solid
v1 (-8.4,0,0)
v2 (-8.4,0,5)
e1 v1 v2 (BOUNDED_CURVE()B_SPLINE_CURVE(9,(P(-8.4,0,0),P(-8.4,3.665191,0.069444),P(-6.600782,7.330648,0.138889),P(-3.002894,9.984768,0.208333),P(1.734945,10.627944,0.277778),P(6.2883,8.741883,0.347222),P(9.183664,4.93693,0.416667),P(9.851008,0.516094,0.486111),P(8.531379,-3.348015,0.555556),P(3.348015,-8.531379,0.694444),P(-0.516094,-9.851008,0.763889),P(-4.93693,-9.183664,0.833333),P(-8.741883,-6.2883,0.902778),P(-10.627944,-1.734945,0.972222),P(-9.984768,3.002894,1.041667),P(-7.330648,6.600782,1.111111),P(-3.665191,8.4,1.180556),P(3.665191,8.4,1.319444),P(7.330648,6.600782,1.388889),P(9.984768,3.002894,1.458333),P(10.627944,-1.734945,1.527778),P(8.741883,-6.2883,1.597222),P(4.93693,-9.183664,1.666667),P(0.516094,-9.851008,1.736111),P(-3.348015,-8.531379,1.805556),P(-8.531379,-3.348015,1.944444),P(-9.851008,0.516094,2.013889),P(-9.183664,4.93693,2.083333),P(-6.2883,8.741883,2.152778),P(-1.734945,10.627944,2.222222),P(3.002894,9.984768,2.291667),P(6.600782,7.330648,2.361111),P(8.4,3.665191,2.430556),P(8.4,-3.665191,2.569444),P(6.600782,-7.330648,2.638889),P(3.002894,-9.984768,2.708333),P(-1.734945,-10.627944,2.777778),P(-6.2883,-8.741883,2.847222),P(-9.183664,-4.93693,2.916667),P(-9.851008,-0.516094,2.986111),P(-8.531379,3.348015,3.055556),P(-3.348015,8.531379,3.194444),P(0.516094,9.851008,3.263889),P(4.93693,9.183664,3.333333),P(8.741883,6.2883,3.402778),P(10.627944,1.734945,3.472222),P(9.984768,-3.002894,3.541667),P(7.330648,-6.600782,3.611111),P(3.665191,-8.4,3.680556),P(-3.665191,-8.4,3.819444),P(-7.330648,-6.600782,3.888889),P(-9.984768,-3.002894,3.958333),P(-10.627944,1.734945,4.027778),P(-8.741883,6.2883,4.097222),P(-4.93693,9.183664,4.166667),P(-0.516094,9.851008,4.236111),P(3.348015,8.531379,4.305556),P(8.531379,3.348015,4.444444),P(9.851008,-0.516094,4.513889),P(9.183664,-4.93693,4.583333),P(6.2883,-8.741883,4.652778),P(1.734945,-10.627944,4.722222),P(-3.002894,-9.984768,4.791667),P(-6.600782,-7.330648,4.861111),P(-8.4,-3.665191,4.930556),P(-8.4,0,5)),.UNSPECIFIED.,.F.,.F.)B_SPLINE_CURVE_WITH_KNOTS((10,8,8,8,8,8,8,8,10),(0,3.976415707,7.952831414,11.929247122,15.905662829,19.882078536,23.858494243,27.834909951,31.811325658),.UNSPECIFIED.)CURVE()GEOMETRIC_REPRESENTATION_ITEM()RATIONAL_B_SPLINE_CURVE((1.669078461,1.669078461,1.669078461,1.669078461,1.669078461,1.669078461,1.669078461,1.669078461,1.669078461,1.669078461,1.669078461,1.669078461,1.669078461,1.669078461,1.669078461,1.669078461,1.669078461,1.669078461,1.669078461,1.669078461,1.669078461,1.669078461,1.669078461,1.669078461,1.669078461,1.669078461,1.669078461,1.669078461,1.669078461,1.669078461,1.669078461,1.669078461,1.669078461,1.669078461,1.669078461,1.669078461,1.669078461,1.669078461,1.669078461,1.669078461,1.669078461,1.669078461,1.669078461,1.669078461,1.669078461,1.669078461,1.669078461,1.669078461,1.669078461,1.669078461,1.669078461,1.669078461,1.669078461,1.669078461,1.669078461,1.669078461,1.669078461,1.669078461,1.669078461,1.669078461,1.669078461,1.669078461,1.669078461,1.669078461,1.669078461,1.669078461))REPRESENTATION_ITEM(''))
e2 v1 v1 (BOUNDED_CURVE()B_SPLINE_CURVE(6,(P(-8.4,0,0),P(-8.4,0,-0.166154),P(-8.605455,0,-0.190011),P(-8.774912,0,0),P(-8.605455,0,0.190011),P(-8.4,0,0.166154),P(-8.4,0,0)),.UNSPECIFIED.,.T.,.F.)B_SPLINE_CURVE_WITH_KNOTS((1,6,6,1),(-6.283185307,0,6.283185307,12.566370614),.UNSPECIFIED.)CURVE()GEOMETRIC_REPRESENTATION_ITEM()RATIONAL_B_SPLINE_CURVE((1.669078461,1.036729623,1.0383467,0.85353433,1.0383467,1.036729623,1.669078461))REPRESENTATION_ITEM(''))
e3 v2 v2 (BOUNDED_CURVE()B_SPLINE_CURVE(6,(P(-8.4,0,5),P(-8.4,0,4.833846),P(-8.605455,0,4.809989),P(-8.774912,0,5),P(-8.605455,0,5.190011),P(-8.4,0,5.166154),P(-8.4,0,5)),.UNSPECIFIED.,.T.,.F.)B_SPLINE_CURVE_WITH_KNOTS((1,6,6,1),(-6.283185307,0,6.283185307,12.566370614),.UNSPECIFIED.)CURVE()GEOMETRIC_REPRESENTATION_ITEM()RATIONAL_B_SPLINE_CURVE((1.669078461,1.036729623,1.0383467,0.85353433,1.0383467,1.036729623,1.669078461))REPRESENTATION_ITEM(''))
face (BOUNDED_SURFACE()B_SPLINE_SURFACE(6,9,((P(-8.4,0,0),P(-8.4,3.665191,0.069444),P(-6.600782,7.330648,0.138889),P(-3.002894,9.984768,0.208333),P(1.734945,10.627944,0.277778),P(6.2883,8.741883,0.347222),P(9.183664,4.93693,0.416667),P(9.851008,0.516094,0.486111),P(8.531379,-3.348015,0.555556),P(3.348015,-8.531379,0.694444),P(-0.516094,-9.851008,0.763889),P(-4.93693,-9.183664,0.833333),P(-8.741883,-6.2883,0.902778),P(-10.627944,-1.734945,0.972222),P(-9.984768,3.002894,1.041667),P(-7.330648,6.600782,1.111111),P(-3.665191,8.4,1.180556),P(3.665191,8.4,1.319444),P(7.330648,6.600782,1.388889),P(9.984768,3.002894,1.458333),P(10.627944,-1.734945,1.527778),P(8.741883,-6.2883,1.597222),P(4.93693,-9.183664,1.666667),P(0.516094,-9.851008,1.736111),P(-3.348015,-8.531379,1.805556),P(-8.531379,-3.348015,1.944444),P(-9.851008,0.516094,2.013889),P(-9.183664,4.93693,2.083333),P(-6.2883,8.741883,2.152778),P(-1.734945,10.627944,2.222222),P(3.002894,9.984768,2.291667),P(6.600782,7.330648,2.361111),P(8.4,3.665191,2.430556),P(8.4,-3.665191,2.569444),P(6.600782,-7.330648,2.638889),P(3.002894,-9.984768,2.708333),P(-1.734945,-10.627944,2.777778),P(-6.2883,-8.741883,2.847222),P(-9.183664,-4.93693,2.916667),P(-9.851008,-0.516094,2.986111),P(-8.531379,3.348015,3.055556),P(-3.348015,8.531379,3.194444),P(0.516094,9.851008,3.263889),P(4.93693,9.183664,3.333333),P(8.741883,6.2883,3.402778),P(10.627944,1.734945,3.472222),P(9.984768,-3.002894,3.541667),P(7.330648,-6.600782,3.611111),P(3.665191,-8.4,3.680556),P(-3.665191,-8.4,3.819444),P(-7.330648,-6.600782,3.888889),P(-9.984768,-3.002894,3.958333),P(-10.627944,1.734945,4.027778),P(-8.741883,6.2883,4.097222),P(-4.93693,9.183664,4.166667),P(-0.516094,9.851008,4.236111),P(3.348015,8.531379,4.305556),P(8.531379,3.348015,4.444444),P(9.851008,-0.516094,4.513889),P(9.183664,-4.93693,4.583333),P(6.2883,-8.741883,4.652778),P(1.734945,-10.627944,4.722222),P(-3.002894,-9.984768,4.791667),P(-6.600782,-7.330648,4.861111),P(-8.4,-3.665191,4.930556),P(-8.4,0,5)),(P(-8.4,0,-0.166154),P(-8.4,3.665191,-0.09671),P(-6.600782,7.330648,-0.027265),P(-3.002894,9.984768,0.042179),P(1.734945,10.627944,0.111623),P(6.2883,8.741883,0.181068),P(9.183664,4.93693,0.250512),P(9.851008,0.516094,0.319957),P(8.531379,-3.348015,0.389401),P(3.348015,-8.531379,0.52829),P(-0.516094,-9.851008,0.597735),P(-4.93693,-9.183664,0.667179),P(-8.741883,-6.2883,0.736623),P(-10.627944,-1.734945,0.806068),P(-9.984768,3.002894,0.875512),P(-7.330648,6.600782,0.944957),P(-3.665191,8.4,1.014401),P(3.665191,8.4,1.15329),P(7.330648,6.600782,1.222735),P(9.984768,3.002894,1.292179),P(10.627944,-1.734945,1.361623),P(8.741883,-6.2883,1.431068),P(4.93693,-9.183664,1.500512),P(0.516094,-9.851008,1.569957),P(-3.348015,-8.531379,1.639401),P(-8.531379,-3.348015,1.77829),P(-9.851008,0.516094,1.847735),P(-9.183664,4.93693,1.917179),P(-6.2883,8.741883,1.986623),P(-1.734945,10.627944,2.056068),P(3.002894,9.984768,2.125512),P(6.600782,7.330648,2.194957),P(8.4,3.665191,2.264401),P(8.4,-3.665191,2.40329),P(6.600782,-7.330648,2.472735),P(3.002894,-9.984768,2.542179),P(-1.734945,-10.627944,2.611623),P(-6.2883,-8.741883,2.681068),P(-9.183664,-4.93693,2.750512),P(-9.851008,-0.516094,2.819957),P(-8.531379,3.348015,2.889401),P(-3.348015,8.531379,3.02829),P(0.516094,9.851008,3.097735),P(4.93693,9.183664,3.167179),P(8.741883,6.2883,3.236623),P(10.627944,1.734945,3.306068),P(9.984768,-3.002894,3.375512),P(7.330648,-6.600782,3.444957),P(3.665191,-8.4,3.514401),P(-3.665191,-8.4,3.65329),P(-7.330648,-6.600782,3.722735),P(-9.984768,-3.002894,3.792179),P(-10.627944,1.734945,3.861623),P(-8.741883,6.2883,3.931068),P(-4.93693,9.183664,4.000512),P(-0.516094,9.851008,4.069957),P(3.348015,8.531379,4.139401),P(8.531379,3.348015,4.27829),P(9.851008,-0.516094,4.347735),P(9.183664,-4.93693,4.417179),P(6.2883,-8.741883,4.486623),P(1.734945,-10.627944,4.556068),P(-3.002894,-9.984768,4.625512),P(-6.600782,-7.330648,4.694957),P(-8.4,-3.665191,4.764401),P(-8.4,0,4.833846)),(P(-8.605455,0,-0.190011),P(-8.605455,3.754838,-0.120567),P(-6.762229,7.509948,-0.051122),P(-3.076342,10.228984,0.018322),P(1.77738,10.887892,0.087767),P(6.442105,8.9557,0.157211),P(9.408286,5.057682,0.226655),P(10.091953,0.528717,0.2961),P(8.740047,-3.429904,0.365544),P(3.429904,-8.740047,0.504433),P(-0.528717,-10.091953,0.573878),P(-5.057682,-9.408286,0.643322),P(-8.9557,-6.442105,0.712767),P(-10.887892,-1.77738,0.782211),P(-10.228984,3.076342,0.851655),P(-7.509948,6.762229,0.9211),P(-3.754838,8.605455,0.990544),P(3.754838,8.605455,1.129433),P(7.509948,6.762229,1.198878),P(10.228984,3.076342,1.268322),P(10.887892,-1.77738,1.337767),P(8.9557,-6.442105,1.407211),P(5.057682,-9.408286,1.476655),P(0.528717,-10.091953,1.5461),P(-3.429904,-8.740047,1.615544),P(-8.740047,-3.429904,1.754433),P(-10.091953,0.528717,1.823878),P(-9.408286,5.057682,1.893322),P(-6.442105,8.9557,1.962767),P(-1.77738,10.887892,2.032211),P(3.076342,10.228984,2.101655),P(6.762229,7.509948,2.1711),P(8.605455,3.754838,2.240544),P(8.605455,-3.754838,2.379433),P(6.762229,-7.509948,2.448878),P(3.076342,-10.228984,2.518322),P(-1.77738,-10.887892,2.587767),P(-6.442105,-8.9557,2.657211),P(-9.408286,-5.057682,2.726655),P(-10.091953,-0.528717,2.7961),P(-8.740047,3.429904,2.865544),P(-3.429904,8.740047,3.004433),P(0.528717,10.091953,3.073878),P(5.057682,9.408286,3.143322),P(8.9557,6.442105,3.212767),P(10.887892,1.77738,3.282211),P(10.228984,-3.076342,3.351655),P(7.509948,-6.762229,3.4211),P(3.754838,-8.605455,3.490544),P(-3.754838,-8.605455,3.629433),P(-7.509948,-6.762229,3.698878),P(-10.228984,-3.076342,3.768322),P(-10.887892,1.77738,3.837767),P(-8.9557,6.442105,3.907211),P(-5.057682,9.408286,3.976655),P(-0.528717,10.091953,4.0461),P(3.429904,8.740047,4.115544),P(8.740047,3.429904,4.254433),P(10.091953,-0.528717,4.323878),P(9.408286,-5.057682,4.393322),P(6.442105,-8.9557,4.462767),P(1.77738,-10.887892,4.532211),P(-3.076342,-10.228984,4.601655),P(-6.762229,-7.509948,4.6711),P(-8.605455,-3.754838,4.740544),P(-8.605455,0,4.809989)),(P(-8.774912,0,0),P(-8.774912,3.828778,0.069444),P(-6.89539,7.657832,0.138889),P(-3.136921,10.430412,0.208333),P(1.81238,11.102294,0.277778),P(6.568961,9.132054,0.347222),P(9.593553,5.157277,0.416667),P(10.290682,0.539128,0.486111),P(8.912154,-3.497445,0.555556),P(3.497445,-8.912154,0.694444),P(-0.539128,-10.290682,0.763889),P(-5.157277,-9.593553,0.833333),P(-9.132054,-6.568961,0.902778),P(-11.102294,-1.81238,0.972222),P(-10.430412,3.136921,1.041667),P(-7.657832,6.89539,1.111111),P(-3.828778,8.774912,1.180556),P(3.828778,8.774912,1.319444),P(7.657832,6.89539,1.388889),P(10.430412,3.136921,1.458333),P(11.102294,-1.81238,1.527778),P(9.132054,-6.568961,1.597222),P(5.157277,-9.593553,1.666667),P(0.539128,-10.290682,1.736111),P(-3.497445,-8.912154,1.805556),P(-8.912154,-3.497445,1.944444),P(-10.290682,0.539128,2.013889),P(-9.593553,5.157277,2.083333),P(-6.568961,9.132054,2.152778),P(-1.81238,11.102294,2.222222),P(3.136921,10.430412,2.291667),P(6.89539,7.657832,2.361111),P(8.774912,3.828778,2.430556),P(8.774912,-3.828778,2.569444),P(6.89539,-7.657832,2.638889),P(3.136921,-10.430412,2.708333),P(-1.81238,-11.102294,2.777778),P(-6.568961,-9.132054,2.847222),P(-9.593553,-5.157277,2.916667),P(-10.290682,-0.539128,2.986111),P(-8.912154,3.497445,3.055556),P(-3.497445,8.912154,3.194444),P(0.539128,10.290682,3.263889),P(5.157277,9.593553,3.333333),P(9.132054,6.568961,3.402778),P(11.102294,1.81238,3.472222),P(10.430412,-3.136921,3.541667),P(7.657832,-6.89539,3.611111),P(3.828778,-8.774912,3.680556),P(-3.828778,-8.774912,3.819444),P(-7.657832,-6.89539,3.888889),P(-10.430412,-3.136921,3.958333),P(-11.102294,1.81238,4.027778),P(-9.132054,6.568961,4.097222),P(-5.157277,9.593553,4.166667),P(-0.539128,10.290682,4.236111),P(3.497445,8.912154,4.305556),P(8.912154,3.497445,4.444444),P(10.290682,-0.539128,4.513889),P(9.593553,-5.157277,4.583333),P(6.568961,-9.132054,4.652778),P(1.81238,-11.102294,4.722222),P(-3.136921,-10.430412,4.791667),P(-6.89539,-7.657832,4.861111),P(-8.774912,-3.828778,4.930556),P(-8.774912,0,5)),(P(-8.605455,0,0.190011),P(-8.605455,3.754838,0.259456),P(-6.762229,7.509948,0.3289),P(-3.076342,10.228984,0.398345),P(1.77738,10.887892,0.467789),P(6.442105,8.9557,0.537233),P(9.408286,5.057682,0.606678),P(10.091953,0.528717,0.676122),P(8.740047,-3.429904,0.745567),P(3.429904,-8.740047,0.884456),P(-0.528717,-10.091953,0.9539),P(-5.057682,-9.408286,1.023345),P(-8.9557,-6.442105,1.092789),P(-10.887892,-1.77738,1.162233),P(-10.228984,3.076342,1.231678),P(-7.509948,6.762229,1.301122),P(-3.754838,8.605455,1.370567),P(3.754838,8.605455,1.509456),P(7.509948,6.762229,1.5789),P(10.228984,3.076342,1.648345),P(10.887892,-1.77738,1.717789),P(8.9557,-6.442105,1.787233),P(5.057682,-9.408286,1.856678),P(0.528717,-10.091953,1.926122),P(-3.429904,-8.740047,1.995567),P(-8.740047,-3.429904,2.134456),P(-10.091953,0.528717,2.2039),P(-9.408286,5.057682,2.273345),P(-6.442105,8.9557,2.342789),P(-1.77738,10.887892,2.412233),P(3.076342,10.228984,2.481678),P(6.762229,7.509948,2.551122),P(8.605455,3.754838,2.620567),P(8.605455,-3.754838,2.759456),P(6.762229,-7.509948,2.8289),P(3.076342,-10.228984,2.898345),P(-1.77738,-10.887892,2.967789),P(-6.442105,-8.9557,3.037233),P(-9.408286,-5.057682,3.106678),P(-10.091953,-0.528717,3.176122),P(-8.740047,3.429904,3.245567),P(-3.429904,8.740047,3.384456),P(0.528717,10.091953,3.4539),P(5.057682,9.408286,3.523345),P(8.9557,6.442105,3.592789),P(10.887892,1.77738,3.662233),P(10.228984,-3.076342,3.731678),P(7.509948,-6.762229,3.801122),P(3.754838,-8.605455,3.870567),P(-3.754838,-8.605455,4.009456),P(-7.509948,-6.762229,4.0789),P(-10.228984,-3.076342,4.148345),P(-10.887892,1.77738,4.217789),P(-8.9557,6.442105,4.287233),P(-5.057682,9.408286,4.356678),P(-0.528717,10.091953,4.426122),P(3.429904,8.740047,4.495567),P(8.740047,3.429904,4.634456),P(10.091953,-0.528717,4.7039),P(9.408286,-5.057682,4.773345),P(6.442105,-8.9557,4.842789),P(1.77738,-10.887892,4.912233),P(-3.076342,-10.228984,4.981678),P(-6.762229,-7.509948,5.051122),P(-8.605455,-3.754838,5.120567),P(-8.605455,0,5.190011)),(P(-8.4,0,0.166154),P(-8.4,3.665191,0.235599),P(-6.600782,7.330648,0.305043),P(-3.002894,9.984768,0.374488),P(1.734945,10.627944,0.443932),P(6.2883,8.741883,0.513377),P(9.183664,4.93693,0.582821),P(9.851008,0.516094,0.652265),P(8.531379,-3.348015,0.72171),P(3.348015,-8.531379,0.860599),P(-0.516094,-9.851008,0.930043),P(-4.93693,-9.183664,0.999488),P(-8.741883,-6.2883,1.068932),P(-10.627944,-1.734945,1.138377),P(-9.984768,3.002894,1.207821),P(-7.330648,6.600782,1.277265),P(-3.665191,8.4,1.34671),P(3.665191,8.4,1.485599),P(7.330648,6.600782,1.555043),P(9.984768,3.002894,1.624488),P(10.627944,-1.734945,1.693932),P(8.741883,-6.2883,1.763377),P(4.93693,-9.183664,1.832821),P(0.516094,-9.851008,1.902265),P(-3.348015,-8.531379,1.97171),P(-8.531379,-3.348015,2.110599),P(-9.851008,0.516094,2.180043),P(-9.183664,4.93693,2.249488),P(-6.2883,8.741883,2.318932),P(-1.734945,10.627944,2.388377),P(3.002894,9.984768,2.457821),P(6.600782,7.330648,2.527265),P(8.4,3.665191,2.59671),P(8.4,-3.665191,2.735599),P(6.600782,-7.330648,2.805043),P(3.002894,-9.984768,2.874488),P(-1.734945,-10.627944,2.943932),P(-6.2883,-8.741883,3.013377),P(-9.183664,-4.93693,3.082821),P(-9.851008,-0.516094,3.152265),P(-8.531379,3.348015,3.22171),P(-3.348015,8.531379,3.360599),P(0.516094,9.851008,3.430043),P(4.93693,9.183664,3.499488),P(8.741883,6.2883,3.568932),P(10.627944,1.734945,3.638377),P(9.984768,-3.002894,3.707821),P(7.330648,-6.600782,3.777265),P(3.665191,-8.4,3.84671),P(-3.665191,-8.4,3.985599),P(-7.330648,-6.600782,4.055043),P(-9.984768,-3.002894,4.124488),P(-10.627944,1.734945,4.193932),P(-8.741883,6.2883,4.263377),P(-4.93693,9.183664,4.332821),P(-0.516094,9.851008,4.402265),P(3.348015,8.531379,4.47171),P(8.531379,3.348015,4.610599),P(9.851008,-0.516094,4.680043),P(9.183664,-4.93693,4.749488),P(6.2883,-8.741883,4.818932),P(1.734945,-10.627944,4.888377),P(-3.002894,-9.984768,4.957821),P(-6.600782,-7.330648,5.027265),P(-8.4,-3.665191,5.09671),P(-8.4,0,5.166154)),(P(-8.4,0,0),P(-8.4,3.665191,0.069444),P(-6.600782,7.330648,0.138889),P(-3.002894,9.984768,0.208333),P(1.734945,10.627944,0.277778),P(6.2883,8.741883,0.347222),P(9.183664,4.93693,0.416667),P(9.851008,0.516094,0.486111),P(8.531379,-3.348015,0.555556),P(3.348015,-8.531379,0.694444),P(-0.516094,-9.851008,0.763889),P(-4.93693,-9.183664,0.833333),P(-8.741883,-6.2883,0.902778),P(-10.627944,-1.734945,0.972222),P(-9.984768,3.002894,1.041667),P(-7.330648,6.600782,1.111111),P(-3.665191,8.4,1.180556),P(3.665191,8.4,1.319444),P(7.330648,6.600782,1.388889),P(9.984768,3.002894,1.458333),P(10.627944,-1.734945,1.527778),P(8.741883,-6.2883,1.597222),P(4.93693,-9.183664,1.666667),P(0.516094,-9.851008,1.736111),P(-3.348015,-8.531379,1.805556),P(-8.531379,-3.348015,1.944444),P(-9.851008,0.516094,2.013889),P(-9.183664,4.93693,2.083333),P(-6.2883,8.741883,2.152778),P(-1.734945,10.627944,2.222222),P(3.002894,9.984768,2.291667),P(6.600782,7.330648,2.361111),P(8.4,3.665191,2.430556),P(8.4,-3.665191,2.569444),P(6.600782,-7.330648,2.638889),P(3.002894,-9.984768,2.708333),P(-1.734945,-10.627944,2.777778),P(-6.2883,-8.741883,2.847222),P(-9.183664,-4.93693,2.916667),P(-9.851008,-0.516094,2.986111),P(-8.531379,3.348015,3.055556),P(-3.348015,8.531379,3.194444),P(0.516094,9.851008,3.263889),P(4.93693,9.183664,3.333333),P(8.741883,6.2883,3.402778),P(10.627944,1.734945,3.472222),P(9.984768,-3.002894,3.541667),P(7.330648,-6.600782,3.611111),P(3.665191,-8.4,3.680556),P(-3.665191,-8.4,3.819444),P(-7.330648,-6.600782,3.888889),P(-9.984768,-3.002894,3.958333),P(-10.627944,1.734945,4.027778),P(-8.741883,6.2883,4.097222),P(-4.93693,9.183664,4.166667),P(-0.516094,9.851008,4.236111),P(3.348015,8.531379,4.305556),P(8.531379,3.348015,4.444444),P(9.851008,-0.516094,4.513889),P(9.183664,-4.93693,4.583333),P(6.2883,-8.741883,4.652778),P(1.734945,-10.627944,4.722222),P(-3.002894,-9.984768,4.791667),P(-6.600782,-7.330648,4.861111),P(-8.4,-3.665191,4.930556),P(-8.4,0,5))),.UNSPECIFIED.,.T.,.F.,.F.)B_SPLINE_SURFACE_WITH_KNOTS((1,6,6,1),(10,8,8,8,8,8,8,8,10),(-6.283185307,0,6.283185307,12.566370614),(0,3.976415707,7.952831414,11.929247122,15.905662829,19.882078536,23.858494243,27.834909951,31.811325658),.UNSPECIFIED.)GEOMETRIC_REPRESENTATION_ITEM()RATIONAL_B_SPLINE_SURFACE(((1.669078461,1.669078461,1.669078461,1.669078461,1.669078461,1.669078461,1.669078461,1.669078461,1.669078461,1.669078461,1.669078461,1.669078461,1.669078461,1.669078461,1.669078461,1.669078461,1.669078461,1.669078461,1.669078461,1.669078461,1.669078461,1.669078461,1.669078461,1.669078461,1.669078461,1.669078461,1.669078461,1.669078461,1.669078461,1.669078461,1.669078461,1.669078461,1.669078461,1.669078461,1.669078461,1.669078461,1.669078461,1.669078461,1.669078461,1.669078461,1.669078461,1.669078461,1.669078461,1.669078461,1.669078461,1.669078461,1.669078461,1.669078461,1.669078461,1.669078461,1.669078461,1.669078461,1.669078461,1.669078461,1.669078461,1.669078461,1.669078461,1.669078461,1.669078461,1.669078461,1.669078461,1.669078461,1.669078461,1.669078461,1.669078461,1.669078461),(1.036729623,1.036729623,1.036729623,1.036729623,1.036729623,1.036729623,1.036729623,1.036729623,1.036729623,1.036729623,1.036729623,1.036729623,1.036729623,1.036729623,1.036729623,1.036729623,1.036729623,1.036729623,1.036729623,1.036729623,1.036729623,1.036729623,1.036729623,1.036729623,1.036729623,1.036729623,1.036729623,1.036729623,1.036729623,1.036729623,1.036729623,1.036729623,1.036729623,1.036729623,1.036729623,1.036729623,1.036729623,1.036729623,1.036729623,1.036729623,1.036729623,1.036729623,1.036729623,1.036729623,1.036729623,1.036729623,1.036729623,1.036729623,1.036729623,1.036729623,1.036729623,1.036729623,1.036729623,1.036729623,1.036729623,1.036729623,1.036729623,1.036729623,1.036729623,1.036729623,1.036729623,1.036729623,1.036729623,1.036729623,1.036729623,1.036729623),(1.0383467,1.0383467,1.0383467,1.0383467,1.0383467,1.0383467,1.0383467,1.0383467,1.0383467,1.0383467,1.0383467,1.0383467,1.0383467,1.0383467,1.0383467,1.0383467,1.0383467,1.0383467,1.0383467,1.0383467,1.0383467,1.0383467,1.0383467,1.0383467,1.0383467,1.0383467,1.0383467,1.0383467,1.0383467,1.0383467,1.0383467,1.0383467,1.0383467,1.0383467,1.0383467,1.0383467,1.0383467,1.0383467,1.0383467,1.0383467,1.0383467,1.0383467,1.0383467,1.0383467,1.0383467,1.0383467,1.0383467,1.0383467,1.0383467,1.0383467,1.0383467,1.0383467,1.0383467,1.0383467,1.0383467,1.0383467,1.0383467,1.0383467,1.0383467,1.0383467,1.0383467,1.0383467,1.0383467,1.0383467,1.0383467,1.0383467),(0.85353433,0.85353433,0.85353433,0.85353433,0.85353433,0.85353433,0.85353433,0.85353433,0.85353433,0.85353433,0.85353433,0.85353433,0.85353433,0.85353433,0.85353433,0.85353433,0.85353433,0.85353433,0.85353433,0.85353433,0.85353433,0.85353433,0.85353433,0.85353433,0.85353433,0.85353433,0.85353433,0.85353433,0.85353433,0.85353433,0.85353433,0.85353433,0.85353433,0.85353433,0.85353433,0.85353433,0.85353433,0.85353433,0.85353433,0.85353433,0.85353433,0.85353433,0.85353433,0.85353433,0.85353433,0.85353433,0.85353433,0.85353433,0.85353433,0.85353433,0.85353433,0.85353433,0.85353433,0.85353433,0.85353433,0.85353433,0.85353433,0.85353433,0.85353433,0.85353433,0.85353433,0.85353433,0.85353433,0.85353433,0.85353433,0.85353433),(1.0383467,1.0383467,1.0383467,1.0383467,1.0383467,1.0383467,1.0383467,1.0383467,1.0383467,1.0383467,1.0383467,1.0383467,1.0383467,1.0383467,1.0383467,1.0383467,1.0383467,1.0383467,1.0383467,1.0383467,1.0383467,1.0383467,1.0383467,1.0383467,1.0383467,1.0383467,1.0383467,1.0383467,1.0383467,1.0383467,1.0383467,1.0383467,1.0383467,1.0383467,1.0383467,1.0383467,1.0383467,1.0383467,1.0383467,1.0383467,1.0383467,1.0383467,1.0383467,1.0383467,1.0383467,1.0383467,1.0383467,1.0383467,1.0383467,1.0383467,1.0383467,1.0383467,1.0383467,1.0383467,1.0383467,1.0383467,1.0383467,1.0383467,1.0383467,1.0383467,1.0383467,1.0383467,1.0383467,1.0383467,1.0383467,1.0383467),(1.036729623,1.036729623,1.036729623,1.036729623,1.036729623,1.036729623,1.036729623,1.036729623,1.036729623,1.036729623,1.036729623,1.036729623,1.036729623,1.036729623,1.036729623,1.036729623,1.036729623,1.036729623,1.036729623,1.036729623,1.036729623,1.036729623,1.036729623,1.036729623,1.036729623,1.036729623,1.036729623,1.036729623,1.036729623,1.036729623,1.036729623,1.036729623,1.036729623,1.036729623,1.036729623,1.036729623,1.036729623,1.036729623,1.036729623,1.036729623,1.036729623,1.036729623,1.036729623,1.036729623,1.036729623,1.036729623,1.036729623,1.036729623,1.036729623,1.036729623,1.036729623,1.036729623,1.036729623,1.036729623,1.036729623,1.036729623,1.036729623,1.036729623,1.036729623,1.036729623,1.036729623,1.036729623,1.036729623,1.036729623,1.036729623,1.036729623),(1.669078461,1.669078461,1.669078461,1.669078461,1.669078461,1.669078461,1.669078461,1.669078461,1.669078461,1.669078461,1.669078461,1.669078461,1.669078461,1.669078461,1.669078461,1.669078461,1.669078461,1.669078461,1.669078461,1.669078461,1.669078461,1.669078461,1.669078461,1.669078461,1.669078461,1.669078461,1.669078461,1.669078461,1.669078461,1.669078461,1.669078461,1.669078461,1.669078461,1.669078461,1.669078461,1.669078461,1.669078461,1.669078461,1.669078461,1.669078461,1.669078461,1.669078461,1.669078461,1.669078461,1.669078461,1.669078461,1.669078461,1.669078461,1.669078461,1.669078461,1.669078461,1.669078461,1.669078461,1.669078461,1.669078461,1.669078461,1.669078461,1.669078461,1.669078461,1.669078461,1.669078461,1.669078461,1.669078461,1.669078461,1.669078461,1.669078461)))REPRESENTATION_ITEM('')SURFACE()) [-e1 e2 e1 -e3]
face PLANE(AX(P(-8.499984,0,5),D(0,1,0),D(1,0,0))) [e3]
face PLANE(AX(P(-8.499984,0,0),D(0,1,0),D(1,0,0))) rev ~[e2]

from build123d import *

# Parameters (mm, degrees)
VARREDURA1_PITCH       = 1
VARREDURA1_HEIGHT      = 5
VARREDURA1_RADIUS      = 8.5
VARREDURA1_START_ANGLE = -180
ESBO_O6_R              = 0.1


with BuildPart() as part:
    # Varredura1: sweep along a helix
    with BuildLine() as varredura1_path:
        add(Helix(VARREDURA1_PITCH, VARREDURA1_HEIGHT, VARREDURA1_RADIUS, center=(0, 0, 0), direction=(0, 0, 1), lefthand=True, mode=Mode.PRIVATE).rotate(Axis((0, 0, 0), (0, 0, 1)), VARREDURA1_START_ANGLE))
    # Esboço6 → Varredura1 (sweep)
    with BuildSketch(Plane(origin=(0, 0, 0), x_dir=(1, 0, 0), z_dir=(0, 1, 0))):
        with Locations((-8.5, 0)):
            Circle(ESBO_O6_R)
    sweep(path=varredura1_path.line, is_frenet=True)


solid = part.part
